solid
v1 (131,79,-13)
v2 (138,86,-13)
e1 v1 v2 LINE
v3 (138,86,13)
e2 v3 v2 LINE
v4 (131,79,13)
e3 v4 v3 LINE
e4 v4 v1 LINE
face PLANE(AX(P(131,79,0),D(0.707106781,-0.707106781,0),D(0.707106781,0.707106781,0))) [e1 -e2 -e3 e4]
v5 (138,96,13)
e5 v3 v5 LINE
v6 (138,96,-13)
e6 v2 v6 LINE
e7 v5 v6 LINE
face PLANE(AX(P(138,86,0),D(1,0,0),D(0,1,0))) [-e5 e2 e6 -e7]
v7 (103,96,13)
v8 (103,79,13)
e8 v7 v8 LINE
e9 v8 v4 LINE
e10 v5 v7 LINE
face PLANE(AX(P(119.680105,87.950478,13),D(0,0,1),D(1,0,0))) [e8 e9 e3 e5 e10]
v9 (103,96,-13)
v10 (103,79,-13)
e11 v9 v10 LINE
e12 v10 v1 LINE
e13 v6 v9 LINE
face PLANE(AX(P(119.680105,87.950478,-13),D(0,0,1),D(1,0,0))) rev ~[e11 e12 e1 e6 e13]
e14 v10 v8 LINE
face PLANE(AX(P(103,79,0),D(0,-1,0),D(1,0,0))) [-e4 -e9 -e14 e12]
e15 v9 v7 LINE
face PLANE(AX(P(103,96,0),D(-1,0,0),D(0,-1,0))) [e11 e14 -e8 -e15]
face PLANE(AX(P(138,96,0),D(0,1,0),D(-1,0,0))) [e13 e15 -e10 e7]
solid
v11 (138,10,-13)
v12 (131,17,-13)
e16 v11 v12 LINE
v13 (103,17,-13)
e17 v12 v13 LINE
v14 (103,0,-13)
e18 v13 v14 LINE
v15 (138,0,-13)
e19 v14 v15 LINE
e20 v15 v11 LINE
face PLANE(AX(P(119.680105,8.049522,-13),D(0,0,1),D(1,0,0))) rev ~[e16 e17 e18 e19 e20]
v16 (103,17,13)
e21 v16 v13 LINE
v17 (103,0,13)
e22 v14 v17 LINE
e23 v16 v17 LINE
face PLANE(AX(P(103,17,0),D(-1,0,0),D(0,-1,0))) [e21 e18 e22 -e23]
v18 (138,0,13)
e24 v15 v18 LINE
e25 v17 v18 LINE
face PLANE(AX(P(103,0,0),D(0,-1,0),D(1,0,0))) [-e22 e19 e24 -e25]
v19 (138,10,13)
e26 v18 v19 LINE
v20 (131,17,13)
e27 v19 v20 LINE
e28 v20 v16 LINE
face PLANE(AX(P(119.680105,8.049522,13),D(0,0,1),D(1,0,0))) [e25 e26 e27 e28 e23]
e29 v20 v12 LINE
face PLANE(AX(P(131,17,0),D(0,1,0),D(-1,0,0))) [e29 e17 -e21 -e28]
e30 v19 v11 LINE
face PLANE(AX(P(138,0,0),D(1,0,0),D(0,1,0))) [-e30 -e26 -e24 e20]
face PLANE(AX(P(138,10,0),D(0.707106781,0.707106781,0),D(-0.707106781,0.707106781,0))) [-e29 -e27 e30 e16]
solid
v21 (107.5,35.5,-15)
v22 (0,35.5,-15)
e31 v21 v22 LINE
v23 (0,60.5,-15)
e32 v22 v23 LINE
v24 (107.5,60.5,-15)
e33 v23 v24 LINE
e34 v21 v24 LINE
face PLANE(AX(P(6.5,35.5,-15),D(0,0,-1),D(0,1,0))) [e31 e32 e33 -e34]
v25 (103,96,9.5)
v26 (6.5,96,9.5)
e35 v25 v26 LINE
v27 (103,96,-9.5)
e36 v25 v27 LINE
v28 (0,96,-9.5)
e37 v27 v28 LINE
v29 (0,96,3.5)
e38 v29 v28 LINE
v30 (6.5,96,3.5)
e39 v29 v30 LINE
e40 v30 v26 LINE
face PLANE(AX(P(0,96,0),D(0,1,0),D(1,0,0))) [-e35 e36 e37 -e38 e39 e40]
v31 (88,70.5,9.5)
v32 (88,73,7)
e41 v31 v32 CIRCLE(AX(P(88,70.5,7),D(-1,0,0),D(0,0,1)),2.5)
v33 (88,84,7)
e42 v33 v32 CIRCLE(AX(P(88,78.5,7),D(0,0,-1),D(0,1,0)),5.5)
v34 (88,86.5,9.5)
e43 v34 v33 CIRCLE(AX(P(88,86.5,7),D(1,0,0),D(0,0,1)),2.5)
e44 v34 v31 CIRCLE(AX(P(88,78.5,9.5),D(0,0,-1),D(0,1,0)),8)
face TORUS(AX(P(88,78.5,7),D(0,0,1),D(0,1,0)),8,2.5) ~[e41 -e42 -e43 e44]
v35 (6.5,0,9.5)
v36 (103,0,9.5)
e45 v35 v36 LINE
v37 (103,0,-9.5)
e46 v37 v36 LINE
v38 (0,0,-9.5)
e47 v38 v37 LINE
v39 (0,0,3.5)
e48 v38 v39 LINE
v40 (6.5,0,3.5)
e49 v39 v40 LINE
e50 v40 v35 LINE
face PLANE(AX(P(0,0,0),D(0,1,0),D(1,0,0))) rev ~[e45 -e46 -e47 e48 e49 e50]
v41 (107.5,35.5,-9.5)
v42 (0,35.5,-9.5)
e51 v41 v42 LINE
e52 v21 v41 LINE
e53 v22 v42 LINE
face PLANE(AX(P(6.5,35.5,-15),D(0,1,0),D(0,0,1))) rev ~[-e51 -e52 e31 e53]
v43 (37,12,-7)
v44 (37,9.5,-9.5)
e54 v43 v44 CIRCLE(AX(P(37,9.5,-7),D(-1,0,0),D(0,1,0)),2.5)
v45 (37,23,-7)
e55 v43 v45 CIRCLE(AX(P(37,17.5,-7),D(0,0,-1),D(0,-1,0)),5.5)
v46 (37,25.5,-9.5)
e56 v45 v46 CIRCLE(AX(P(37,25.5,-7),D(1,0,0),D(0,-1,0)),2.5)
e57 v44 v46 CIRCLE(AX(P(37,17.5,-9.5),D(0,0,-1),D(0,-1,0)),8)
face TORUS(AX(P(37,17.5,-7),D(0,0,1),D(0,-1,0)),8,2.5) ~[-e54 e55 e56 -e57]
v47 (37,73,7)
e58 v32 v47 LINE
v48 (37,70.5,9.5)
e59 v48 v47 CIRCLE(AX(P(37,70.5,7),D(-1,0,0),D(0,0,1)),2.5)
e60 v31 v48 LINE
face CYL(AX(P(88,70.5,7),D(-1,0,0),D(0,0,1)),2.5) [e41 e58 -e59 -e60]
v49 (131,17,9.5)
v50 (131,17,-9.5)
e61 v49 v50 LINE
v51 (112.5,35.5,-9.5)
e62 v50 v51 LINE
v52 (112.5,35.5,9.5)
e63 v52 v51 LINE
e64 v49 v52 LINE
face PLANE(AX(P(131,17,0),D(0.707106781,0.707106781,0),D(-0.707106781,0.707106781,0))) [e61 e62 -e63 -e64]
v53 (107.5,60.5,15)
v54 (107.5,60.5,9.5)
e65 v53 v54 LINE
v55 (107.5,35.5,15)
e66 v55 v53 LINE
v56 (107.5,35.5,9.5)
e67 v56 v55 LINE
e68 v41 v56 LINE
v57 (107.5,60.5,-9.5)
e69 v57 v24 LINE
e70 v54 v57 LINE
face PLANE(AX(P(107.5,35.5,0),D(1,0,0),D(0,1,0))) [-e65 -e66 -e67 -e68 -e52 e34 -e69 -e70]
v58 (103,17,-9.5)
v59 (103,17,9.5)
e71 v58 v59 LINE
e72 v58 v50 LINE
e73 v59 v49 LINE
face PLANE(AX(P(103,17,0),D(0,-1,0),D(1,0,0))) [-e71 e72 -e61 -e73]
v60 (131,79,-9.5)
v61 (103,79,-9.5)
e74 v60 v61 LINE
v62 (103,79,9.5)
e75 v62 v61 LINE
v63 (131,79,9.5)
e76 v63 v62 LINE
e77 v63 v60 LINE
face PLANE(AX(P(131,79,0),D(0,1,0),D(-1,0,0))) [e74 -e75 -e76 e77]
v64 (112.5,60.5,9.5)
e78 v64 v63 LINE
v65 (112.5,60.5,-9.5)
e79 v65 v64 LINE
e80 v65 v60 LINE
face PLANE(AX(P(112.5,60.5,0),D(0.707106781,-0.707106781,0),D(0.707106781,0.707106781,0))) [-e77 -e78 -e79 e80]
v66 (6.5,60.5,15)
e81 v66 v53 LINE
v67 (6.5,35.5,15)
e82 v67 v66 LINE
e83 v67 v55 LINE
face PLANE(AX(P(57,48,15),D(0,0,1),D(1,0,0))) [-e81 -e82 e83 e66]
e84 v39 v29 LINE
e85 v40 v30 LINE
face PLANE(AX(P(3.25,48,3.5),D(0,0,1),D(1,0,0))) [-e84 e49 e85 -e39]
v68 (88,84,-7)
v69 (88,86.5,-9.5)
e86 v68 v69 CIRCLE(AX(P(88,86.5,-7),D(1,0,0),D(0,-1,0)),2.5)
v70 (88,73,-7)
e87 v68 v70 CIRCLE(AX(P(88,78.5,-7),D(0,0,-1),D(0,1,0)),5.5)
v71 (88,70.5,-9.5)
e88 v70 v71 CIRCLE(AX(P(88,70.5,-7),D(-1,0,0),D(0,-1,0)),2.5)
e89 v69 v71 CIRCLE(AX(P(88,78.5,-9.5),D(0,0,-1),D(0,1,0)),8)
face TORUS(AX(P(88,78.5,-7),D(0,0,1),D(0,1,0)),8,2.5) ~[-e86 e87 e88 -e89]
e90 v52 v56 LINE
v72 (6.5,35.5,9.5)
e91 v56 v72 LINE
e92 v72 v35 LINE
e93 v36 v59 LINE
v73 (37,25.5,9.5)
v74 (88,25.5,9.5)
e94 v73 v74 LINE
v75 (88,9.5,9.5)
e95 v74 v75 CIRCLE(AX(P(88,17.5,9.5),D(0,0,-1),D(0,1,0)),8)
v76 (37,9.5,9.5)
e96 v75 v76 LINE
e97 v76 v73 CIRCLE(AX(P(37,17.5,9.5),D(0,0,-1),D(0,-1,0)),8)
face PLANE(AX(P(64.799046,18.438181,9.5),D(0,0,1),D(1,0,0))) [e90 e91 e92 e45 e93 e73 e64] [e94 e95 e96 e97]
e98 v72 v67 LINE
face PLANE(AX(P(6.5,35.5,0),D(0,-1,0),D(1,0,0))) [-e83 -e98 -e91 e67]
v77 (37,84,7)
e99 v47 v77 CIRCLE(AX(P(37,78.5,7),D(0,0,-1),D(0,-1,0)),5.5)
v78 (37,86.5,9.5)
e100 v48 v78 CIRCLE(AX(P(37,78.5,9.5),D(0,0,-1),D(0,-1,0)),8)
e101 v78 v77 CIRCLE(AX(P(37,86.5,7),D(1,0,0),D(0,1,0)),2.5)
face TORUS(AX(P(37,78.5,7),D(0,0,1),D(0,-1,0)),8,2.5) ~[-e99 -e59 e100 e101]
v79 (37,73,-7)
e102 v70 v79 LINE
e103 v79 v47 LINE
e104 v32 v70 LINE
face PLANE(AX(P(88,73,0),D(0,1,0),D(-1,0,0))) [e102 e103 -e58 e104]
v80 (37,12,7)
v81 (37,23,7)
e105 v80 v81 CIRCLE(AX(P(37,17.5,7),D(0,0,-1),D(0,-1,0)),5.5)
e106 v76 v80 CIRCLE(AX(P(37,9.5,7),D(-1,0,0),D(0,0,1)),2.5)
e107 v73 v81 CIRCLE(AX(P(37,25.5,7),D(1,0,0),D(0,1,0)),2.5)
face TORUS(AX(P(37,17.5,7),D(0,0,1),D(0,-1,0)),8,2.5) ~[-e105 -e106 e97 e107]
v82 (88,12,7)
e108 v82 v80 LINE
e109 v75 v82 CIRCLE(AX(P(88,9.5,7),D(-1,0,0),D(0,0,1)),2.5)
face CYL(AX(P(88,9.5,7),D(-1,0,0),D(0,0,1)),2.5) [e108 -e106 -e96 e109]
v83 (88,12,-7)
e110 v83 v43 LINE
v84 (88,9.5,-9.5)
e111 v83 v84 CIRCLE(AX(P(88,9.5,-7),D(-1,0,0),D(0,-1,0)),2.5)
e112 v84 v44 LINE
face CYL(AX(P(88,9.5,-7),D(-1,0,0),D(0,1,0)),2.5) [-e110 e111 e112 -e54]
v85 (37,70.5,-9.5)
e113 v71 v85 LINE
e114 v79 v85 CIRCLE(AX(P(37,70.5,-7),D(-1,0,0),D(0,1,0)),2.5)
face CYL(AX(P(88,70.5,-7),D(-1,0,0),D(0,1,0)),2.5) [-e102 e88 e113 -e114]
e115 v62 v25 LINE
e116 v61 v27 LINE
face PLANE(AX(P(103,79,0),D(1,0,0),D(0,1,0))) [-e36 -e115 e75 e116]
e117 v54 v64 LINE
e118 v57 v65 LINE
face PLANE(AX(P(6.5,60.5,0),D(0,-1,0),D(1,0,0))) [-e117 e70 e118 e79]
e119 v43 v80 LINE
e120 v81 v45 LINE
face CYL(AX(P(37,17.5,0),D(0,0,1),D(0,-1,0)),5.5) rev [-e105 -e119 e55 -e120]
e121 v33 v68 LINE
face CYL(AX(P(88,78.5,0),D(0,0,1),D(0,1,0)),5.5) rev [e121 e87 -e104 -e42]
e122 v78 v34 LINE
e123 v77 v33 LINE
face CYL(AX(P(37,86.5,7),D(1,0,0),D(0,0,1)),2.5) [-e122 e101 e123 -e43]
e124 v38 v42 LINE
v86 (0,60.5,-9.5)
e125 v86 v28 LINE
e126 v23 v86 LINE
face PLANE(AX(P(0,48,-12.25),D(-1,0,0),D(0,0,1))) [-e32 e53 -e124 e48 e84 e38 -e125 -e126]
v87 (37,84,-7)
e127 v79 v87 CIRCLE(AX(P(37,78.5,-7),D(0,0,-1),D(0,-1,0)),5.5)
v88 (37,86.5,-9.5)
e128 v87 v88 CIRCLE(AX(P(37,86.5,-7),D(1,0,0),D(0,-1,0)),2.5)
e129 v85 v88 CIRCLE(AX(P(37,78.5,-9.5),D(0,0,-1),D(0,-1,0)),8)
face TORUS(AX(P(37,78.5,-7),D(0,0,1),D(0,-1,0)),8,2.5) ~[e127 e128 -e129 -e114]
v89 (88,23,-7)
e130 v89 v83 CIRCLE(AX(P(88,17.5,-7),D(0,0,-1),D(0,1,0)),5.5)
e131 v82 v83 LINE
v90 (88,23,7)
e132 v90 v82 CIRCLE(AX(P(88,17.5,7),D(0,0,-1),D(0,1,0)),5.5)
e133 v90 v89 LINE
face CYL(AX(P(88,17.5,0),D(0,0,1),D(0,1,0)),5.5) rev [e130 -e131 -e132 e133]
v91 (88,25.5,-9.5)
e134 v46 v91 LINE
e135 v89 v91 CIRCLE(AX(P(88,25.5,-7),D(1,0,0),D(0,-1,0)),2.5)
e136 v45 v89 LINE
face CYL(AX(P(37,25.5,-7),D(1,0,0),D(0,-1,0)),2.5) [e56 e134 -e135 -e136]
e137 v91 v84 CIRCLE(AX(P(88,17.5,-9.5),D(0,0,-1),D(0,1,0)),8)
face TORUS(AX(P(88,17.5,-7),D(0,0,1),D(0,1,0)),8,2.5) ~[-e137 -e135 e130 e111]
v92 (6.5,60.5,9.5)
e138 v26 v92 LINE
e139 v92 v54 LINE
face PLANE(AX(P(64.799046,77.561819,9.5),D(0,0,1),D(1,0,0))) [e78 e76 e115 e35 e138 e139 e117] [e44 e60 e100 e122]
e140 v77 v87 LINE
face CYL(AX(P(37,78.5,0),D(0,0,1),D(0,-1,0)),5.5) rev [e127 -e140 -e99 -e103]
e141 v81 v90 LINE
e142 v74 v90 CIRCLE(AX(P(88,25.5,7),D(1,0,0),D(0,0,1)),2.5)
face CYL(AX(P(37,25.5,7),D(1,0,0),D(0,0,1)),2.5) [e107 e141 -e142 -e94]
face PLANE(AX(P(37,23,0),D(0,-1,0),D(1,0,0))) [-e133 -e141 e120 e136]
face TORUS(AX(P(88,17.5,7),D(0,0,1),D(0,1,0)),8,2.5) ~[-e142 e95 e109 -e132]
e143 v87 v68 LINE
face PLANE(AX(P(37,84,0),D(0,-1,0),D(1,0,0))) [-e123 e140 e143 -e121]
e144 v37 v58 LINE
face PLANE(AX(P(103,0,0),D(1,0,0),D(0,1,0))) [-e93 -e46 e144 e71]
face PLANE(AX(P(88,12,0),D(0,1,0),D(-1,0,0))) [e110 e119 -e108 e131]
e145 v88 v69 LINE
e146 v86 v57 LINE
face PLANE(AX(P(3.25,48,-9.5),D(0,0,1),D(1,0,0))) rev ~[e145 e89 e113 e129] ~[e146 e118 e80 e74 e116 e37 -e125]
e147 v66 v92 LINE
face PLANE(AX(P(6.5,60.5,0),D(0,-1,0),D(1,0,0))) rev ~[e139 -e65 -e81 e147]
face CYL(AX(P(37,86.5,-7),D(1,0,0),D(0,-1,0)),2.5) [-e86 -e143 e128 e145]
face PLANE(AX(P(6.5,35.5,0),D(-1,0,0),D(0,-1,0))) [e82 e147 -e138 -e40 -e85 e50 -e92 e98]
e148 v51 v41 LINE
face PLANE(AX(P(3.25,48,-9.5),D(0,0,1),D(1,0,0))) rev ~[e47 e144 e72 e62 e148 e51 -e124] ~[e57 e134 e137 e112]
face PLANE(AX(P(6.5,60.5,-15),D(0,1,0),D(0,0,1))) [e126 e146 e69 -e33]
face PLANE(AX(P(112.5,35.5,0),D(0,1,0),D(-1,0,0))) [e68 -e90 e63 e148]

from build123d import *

# Parameters (mm, degrees)
SKETCH1_W             = 101
SKETCH1_H             = 25
BOSS_EXTRUDE1_DEPTH   = 15
BOSS_EXTRUDE2_DEPTH   = 13
BOSS_EXTRUDE2_2_DEPTH = 13
BOSS_EXTRUDE3_DEPTH   = 9.5
BOSS_EXTRUDE3_2_DEPTH = 9.5
FILLET1_R             = 2.5
FILLET2_R             = 2.5
SKETCH1_9_W           = 6.5
SKETCH1_9_H           = 96
BOSS_EXTRUDE5_DEPTH   = 9.5
SKETCH1_10_W          = 6.5
SKETCH1_10_H          = 96
BOSS_EXTRUDE6_DEPTH   = 3.5
SKETCH2_W             = 5.5
SKETCH2_H             = 25
BOSS_EXTRUDE7_DEPTH   = 6.5


with BuildPart() as part:
    # Sketch1 → Boss-Extrude1 (new, symmetric)
    with BuildSketch(Plane.XY):
        with Locations((57, 48)):
            Rectangle(SKETCH1_W, SKETCH1_H)
    extrude(amount=BOSS_EXTRUDE1_DEPTH, both=True)



with BuildPart() as body_2:
    # Sketch1<4> → Boss-Extrude2 (new, symmetric)
    with BuildSketch(Plane.XY):
        Polygon((103, 17), (103, 0), (138, 0), (138, 10), (131, 17), align=None)
    extrude(amount=BOSS_EXTRUDE2_DEPTH, both=True)


with BuildPart() as body_3:
    # Sketch1<4> → Boss-Extrude2 2 (new, symmetric)
    with BuildSketch(Plane.XY):
        Polygon((138, 96), (103, 96), (103, 79), (131, 79), (138, 86), align=None)
    extrude(amount=BOSS_EXTRUDE2_2_DEPTH, both=True)


with BuildPart() as body_4:
    # Sketch1<5> → Boss-Extrude3 (new, symmetric)
    with BuildSketch(Plane.XY):
        Polygon((103, 96), (6.5, 96), (6.5, 60.5), (107.5, 60.5), (112.5, 60.5), (131, 79), (103, 79), align=None)
        with BuildLine():
            ThreePointArc((37, 73), (31.5, 78.5), (37, 84))
            Line((37, 84), (88, 84))
            ThreePointArc((88, 84), (93.5, 78.5), (88, 73))
            Line((88, 73), (37, 73))
        make_face(mode=Mode.SUBTRACT)
    extrude(amount=BOSS_EXTRUDE3_DEPTH, both=True)

    # Fillet1
    fillet1_edges = [body_4.edges().sort_by_distance(p)[0] for p in [
        (62.5, 73, 9.5),
        (62.5, 84, -9.5),
        (31.5, 78.5, 9.5),
        (31.5, 78.5, -9.5),
        (62.5, 73, -9.5),
        (93.5, 78.5, -9.5),
        (62.5, 84, 9.5),
        (93.5, 78.5, 9.5),
    ]]
    fillet(fillet1_edges, radius=FILLET1_R)


with BuildPart() as body_5:
    # Sketch1<5> → Boss-Extrude3 2 (new, symmetric)
    with BuildSketch(Plane.XY):
        Polygon((107.5, 35.5), (6.5, 35.5), (6.5, 0), (103, 0), (103, 17), (131, 17), (112.5, 35.5), align=None)
        with BuildLine():
            ThreePointArc((37, 12), (31.5, 17.5), (37, 23))
            Line((37, 23), (88, 23))
            ThreePointArc((88, 23), (93.5, 17.5), (88, 12))
            Line((88, 12), (37, 12))
        make_face(mode=Mode.SUBTRACT)
    extrude(amount=BOSS_EXTRUDE3_2_DEPTH, both=True)

    # Fillet2
    fillet2_edges = [body_5.edges().sort_by_distance(p)[0] for p in [
        (62.5, 12, 9.5),
        (62.5, 23, -9.5),
        (31.5, 17.5, 9.5),
        (31.5, 17.5, -9.5),
        (62.5, 12, -9.5),
        (93.5, 17.5, -9.5),
        (62.5, 23, 9.5),
        (93.5, 17.5, 9.5),
    ]]
    fillet(fillet2_edges, radius=FILLET2_R)


with BuildPart() as part_1:
    add(part.part)

    add(body_4.part)  # Boss-Extrude5 merges body 4

    add(body_5.part)  # Boss-Extrude5 merges body 5
    # Sketch1<9> → Boss-Extrude5 (add)
    with BuildSketch(Plane.XY):
        with Locations((3.25, 48)):
            Rectangle(SKETCH1_9_W, SKETCH1_9_H)
    extrude(amount=-BOSS_EXTRUDE5_DEPTH)

    # Sketch1<10> → Boss-Extrude6 (add)
    with BuildSketch(Plane.XY):
        with Locations((3.25, 48)):
            Rectangle(SKETCH1_10_W, SKETCH1_10_H)
    extrude(amount=BOSS_EXTRUDE6_DEPTH)

    # Sketch2 → Boss-Extrude7 (add)
    with BuildSketch(Plane.ZY.offset(-6.5)):
        with Locations((-12.25, 48)):
            Rectangle(SKETCH2_W, SKETCH2_H)
    extrude(amount=BOSS_EXTRUDE7_DEPTH)


solid = Compound([body_2.part, body_3.part, part_1.part])
